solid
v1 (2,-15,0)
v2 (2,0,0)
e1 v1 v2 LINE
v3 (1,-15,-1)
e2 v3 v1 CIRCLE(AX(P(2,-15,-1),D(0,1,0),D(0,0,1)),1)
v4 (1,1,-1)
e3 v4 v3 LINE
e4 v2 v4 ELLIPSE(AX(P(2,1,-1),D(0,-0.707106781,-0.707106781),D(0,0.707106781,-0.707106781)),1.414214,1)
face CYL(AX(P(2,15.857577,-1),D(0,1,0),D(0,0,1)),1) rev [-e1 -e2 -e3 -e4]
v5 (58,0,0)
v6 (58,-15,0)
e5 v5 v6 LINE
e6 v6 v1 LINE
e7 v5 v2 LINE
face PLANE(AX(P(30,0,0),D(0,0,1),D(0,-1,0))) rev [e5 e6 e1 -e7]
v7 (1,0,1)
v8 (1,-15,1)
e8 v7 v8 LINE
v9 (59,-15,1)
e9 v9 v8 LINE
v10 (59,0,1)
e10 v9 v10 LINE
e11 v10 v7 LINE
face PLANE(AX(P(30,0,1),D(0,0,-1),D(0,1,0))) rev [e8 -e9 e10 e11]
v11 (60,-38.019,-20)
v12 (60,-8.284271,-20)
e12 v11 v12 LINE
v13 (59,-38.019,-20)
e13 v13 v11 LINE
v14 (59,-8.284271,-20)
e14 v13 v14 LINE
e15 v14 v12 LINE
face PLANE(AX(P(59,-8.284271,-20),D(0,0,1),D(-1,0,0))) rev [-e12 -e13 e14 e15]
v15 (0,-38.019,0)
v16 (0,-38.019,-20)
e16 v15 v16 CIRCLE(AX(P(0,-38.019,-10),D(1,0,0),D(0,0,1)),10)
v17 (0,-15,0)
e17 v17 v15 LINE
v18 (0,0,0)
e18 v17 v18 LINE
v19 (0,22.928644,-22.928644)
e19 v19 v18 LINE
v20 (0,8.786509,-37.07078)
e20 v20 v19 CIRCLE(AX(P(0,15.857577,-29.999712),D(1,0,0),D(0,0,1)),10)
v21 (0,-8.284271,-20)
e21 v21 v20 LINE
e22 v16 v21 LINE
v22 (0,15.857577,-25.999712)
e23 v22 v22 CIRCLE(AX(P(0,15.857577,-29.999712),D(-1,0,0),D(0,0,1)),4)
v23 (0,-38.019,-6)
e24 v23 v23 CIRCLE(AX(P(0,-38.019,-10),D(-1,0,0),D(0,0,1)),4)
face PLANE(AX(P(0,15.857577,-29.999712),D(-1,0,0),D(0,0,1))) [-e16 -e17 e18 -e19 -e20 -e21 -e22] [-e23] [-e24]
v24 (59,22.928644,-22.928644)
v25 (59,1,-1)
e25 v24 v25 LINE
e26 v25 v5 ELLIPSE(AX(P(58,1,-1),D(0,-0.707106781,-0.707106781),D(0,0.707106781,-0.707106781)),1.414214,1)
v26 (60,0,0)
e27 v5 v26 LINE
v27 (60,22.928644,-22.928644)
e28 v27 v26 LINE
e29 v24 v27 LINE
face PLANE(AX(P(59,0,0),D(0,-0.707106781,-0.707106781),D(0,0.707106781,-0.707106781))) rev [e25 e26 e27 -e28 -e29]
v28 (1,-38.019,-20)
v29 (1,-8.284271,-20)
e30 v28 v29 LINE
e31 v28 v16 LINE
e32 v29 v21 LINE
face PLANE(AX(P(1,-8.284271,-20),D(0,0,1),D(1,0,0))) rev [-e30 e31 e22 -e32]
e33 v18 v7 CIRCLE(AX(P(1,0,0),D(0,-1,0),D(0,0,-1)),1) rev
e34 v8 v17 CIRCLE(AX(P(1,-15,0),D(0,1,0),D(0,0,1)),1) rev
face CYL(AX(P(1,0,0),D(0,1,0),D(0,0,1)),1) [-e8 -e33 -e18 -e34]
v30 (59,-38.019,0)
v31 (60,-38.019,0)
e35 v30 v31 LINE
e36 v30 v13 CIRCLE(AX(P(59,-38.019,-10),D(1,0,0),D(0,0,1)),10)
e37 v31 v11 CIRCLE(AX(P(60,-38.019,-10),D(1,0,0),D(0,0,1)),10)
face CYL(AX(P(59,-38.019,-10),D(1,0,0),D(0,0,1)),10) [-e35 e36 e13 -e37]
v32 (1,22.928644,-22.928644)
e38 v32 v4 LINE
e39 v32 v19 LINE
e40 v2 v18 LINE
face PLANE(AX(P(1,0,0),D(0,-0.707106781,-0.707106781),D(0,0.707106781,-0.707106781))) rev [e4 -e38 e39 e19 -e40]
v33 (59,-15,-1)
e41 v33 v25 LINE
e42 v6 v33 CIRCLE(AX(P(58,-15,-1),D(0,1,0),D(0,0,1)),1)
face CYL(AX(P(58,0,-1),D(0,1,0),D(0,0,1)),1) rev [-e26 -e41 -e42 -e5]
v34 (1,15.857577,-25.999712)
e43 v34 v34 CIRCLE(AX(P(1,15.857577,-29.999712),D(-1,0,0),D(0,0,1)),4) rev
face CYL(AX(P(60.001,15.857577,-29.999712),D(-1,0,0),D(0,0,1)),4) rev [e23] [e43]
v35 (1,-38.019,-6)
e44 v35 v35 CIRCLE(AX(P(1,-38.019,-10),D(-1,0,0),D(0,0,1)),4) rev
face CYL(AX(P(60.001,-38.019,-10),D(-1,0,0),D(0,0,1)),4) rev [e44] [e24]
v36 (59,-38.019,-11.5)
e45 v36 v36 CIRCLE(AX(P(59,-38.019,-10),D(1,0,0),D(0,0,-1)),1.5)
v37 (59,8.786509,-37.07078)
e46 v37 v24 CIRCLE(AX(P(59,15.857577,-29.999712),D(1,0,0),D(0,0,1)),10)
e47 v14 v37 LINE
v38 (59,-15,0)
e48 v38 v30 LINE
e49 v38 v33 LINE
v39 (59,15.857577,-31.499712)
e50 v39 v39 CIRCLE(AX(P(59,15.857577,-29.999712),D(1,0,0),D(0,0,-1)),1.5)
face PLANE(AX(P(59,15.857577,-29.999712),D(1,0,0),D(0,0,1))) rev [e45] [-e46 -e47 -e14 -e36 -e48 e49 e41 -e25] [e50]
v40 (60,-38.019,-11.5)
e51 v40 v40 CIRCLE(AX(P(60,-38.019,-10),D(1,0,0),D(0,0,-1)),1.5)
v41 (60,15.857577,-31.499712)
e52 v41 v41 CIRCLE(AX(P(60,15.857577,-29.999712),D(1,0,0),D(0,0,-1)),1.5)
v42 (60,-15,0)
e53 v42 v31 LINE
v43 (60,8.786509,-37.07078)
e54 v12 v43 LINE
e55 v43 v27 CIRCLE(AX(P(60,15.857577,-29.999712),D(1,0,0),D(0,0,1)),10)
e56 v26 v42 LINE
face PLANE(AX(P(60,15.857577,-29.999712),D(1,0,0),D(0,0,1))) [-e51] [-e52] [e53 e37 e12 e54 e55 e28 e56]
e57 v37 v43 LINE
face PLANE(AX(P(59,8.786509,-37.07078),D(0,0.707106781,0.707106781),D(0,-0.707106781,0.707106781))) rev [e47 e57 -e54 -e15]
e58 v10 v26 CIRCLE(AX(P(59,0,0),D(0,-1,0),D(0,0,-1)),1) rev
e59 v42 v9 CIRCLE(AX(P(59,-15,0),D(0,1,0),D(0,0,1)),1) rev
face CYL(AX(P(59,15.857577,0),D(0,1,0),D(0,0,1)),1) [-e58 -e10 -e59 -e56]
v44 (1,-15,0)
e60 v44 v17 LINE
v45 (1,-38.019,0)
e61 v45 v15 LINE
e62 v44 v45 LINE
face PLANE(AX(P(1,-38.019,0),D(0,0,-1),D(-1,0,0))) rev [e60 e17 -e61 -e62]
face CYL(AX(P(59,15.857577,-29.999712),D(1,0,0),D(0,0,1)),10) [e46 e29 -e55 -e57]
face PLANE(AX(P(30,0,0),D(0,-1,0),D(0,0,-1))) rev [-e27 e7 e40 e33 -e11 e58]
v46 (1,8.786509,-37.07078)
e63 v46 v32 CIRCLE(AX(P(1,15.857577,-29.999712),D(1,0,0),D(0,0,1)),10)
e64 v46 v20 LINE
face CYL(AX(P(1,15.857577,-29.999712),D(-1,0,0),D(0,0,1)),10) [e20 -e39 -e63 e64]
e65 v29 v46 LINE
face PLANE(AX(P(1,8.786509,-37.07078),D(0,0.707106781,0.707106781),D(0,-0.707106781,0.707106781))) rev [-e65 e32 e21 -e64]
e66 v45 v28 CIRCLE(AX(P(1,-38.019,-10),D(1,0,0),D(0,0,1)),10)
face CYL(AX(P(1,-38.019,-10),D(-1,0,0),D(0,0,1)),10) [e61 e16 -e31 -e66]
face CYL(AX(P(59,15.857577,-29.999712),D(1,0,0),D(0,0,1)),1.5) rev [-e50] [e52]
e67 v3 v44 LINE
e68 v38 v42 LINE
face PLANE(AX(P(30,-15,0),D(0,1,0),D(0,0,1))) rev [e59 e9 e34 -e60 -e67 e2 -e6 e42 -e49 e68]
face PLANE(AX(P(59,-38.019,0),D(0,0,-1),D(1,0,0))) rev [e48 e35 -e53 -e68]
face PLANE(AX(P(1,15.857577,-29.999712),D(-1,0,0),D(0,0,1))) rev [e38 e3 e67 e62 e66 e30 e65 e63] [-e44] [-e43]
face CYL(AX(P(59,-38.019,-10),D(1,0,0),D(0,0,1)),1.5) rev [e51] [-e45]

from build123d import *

# Parameters (mm, degrees)
SKETCH1_R           = 1.5
BOSS_EXTRUDE1_DEPTH = 1
BOSS_EXTRUDE2_START = -1
SKETCH2_W           = 1
SKETCH2_H           = 15
BOSS_EXTRUDE2_DEPTH = 30
FILLET1_R           = 1
CUT_EXTRUDE1_REACH  = 62
SKETCH3_R           = 4


with BuildPart() as part:
    # Sketch1 → Boss-Extrude1 (new body)
    with BuildSketch(Plane(origin=(0, 0, 0), x_dir=(0, 0, -1), z_dir=(1, 0, 0))):
        with BuildLine():
            Line((0, 0), (22.928644487, 22.928644487))
            ThreePointArc((22.928644487, 22.928644487), (37.07078011, 22.928644487), (37.07078011, 8.786508863))
            Line((37.07078011, 8.786508863), (20, -8.284271247))
            Line((20, -8.284271247), (20, -38.019))
            ThreePointArc((20, -38.019), (10, -48.019), (0, -38.019))
            Line((0, -38.019), (0, 0))
        make_face()
        with Locations((29.999712299, 15.857576675)):
            Circle(SKETCH1_R, mode=Mode.SUBTRACT)
        with Locations((10, -38.019)):
            Circle(SKETCH1_R, mode=Mode.SUBTRACT)
    boss_extrude1 = extrude(amount=BOSS_EXTRUDE1_DEPTH)

    # Sketch2 → Boss-Extrude2 (add)
    with BuildSketch(Plane(origin=(1, 0, 0), x_dir=(0, 0, -1), z_dir=(1, 0, 0)).offset(BOSS_EXTRUDE2_START)):
        with Locations((-0.5, -7.5)):
            Rectangle(SKETCH2_W, SKETCH2_H)
    boss_extrude2 = extrude(amount=BOSS_EXTRUDE2_DEPTH)

    # Mirror2: Boss-Extrude1, Boss-Extrude2 across plane
    add(boss_extrude1.mirror(Plane.ZY.offset(-30)))
    add(boss_extrude2.mirror(Plane.ZY.offset(-30)))

    # Fillet1
    fillet1_edges = [part.edges().sort_by_distance(p)[0] for p in [
        (1, -7.5, 0),
        (59, -7.5, 0),
        (0, -7.5, 1),
        (60, -7.5, 1),
    ]]
    fillet(fillet1_edges, radius=FILLET1_R)

    # Sketch3 → Cut-Extrude1 (cut, up to next)
    with BuildSketch(Plane.ZY, mode=Mode.PRIVATE) as cut_extrude1_sk1:
        with Locations((-29.999712299, 15.857576675)):
            Circle(SKETCH3_R)
    cut_extrude1_tool1 = extrude(cut_extrude1_sk1.sketch, amount=-CUT_EXTRUDE1_REACH, mode=Mode.PRIVATE) & part.part
    add(cut_extrude1_tool1.solids().sort_by_distance((0, 15.857577, -29.999712))[0], mode=Mode.SUBTRACT)
    # Sketch3 → Cut-Extrude1 (cut, up to next)
    with BuildSketch(Plane.ZY, mode=Mode.PRIVATE) as cut_extrude1_sk2:
        with Locations((-10, -38.019)):
            Circle(SKETCH3_R)
    cut_extrude1_tool2 = extrude(cut_extrude1_sk2.sketch, amount=-CUT_EXTRUDE1_REACH, mode=Mode.PRIVATE) & part.part
    add(cut_extrude1_tool2.solids().sort_by_distance((0, -38.019, -10))[0], mode=Mode.SUBTRACT)


solid = part.part
